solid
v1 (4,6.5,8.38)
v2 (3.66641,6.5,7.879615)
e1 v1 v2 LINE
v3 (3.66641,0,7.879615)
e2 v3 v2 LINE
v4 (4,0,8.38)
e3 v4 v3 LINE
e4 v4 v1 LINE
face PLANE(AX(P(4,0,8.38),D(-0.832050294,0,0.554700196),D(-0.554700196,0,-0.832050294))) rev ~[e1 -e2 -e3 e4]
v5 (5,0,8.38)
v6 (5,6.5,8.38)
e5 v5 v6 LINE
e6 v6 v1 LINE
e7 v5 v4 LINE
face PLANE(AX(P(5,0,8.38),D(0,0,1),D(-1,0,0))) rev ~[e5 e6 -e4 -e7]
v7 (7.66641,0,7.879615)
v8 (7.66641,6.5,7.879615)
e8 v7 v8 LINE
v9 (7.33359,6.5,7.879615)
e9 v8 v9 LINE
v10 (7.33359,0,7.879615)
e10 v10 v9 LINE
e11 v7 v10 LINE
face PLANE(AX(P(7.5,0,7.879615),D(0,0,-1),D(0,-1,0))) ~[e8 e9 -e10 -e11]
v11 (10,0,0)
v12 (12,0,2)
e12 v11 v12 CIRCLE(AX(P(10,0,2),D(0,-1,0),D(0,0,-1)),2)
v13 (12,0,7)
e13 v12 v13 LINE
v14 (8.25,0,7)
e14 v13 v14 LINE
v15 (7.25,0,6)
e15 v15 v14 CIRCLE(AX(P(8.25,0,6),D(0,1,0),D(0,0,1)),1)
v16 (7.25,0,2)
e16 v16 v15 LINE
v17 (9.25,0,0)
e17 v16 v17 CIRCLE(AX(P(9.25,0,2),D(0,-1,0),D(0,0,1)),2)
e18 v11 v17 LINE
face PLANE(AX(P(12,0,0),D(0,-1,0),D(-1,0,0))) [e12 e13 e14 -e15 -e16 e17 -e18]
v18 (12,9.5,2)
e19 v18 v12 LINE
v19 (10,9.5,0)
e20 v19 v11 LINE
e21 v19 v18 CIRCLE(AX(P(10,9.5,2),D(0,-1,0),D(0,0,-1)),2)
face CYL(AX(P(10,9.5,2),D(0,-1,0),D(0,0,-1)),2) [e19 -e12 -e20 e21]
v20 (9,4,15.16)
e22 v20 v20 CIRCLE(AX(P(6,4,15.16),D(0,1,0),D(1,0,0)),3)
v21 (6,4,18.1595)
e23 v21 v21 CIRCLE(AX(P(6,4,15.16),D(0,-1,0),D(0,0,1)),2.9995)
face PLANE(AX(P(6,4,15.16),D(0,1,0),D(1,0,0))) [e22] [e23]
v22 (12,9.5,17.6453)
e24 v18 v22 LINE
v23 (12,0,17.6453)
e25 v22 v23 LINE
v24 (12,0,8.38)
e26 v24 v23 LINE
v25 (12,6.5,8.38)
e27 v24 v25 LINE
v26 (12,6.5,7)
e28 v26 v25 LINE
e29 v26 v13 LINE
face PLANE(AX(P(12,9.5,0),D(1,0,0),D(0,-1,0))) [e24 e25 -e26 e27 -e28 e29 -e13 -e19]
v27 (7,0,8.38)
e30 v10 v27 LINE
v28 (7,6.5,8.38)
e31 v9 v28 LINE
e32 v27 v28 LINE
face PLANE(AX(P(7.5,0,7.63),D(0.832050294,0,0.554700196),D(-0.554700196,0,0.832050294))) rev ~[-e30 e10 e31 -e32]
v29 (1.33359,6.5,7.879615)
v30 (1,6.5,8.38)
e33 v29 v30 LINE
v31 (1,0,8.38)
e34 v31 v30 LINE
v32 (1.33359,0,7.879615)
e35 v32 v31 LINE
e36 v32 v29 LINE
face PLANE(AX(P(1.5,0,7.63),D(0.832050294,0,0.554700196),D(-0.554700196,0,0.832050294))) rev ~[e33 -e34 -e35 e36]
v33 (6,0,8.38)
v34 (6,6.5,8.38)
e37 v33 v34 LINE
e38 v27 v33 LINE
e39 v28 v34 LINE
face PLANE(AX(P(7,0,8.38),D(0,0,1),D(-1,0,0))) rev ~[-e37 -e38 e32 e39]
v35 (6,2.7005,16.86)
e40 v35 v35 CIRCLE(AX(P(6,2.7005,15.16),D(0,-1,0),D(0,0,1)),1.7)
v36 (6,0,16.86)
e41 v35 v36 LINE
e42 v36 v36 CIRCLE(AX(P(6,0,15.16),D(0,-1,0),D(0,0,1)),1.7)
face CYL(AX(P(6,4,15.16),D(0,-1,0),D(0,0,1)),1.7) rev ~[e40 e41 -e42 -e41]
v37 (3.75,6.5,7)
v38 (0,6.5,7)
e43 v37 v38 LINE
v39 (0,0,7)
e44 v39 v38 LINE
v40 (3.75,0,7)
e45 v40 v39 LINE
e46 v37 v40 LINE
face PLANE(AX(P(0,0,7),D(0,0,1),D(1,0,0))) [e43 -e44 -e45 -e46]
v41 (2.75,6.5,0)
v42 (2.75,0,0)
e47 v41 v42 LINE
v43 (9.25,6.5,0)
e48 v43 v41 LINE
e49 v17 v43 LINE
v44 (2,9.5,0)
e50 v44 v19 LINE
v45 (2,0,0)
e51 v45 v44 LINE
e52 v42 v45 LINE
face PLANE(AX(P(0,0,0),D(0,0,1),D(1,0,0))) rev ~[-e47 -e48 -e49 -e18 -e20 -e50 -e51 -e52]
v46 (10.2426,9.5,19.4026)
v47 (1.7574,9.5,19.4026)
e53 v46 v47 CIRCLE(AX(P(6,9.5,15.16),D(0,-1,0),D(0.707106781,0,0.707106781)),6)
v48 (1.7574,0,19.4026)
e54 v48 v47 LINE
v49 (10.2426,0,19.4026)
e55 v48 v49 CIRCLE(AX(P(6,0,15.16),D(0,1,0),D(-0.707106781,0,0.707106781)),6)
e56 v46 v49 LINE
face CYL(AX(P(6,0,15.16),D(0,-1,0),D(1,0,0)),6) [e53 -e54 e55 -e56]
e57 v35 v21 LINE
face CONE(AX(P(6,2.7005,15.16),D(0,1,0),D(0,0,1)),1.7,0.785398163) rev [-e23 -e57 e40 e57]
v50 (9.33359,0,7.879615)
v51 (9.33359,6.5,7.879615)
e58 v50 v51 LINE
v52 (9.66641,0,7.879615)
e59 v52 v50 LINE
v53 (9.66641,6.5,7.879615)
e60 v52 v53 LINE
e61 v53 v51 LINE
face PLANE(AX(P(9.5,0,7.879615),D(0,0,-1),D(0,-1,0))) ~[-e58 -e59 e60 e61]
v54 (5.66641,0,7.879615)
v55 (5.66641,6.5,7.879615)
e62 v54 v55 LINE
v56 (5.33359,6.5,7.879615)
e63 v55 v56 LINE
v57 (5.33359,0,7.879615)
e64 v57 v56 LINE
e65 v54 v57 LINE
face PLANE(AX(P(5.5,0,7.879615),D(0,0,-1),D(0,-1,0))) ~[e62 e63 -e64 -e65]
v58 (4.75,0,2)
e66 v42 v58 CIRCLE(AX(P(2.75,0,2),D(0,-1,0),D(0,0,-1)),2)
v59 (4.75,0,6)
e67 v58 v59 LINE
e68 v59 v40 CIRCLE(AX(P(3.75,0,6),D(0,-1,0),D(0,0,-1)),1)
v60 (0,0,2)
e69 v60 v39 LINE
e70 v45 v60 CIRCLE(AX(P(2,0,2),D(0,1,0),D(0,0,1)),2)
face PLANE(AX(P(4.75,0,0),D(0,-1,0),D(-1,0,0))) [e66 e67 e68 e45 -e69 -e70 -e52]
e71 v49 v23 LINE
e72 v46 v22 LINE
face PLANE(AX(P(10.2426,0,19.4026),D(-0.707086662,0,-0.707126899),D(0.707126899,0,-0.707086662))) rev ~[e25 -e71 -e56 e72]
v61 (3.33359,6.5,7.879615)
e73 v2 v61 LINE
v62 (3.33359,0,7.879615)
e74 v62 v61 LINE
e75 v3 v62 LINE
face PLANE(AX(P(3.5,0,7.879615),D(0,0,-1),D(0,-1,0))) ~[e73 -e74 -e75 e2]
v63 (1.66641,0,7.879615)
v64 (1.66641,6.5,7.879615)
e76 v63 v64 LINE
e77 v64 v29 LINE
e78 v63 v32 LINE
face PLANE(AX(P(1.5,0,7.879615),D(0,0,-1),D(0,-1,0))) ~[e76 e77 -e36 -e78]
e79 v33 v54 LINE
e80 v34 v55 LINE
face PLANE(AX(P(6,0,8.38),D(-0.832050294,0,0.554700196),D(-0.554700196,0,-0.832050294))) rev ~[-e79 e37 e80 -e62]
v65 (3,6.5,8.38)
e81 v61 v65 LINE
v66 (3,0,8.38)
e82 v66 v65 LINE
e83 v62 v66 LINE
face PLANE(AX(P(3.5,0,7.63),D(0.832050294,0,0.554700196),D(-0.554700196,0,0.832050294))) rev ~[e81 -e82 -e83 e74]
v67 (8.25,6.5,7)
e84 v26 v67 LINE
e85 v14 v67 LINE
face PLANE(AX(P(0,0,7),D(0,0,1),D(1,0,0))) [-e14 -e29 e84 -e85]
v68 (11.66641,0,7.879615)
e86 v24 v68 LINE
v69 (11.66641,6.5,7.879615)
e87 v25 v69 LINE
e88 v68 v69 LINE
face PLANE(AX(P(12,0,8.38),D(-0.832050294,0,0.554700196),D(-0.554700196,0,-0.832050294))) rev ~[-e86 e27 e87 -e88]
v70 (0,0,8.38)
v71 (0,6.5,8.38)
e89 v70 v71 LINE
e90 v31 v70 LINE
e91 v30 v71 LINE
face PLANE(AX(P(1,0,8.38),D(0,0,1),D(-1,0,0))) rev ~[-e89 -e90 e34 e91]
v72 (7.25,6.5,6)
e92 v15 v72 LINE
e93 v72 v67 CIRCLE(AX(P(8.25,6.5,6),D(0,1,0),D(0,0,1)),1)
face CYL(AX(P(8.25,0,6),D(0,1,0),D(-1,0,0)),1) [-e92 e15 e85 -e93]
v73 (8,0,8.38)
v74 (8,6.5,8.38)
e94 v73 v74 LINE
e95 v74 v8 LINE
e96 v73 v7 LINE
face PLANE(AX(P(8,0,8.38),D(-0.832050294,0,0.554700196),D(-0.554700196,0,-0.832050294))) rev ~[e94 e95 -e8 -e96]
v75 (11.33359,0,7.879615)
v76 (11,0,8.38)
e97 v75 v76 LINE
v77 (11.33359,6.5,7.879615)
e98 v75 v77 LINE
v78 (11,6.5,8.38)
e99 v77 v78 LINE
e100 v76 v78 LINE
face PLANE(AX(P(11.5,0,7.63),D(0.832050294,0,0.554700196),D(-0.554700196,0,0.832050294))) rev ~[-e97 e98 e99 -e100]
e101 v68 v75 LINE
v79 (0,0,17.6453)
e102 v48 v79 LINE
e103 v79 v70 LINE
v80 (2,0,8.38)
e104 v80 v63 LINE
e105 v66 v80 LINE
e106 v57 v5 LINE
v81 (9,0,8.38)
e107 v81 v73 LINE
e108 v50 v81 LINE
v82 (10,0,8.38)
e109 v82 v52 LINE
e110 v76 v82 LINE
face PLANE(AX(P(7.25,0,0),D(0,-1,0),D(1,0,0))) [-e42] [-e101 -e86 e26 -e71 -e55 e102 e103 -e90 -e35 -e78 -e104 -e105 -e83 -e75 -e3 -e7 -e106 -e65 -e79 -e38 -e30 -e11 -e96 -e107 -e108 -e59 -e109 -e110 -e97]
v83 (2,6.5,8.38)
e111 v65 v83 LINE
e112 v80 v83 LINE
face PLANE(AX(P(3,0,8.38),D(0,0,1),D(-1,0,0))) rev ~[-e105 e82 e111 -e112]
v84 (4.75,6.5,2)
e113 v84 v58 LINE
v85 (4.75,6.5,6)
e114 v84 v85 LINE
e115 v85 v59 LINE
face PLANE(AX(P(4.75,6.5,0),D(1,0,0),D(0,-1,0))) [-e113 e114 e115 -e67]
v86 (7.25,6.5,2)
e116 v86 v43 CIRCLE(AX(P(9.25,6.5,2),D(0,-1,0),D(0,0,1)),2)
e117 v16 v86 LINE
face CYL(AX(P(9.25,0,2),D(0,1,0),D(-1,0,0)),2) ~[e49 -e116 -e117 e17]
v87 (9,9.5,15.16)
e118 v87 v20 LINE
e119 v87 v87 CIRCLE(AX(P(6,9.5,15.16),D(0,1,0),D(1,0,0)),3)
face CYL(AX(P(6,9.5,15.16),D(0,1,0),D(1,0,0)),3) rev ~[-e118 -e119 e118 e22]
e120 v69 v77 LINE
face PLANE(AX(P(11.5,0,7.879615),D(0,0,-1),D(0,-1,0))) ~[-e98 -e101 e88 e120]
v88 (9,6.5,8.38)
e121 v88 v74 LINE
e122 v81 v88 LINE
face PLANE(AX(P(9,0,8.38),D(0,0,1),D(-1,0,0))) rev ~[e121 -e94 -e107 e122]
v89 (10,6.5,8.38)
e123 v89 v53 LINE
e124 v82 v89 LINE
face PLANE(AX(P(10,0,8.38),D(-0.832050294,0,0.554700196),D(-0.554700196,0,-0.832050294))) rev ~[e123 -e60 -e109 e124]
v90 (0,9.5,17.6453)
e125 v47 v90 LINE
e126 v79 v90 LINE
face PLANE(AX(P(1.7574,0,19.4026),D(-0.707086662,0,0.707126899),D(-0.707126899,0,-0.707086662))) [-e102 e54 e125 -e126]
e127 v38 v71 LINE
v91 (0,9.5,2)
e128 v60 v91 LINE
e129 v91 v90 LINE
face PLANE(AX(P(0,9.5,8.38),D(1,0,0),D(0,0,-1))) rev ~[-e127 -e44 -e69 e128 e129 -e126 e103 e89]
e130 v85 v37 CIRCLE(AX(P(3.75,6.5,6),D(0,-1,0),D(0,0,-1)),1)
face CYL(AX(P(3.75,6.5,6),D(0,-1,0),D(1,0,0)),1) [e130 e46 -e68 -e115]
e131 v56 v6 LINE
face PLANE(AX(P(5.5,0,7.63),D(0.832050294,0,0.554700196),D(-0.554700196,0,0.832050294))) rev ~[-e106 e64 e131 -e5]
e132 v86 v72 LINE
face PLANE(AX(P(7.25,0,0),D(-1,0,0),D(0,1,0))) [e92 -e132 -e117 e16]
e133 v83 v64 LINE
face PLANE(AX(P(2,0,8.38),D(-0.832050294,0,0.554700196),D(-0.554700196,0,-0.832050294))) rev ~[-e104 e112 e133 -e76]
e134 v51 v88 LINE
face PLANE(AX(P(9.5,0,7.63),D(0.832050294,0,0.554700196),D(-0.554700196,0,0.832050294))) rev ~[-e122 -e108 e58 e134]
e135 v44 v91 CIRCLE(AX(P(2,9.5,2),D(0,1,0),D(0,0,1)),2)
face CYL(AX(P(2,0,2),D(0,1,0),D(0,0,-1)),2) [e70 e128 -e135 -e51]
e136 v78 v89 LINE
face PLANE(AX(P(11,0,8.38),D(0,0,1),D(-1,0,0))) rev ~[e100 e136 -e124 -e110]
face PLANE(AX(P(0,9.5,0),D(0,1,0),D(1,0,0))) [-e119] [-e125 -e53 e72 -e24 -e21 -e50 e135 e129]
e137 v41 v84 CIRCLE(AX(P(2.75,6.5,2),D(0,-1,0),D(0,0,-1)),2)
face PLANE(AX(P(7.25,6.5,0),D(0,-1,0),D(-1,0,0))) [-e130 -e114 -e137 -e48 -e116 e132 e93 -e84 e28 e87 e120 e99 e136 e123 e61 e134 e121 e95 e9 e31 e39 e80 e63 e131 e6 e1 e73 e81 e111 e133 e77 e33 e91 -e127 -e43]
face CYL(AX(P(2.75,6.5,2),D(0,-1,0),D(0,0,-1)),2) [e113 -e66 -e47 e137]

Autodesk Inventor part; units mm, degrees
ref_plane "YZ Plane" through (0, 0, 0) normal (1, 0, 0) x (0, 1, 0)
ref_plane "XZ Plane" through (0, 0, 0) normal (0, 1, 0) x (-1, 0, 0)
ref_plane "XY Plane" through (0, 0, 0) normal (0, 0, 1) x (1, 0, 0)
sketch "Sketch1" plane through (0, 0, 0) normal (0, 0, 1) x (1, 0, 0)
  line L0 (0, 0) -> (0, 9.5)
  line L1 (0, 9.5) -> (12, 9.5)
  line L2 (12, 9.5) -> (12, 0)
  line L3 (12, 0) -> (7.25, 0)
  line L4 (7.25, 0) -> (7.25, 6.5)
  line L5 (7.25, 6.5) -> (4.75, 6.5)
  line L6 (4.75, 6.5) -> (4.75, 0)
  line L7 (4.75, 0) -> (0, 0)
  line L8 (6, 6.5) -> (6, 0.5) construction
  dimension "d17" = 6.5
  dimension "d18" = 12
  dimension "d20" = 2.5
  dimension "d21" = 3
extrude "Extrusion1" add sketch "Sketch1" along normal blind 7
sketch "Sketch3" plane through (7.25, 0, 0) normal (0, -1, 0) x (1, 0, 0)
  line L0 (-2.5, 0) -> (0, 0) projected
  line L1 (0, 0) -> (0, 7) projected
  line L2 (-2.5, 7) -> (0, 7) projected
  line L3 (-2.5, 0) -> (-2.5, 7) projected
  line L4 (0, 0) -> (4.75, 0) projected
  line L5 (4.75, 0) -> (4.75, 7) projected
  line L6 (0, 7) -> (4.75, 7) projected
  line L7 (0, 0) -> (0, 7) projected
  line L8 (-7.25, 0) -> (-2.5, 0) projected
  line L9 (-2.5, 0) -> (-2.5, 7) projected
  line L10 (-7.25, 7) -> (-2.5, 7) projected
  line L11 (-7.25, 0) -> (-7.25, 7) projected
  line L12 (-7.25, 21.16) -> (4.75, 21.16)
  line L13 (4.75, 21.16) -> (4.75, 8.38)
  line L14 (4.75, 8.38) -> (-7.25, 8.38)
  line L15 (-7.25, 8.38) -> (-7.25, 21.16)
  line L16 (4.75, 8.38) -> (4.25, 7.63)
  line L17 (4.25, 7.63) -> (3.75, 8.38)
  line L18 (4.75, 0) -> (4.75, 7) projected
  line L19 (-7.25, 0) -> (-7.25, 7) projected
  line L20 (-1.25, 8.38) -> (-1.25, 21.16) construction
  line L21 (2.75, 8.38) -> (2.25, 7.63)
  line L22 (2.25, 7.63) -> (1.75, 8.38)
  line L23 (0.75, 8.38) -> (0.25, 7.63)
  line L24 (0.25, 7.63) -> (-0.25, 8.38)
  line L25 (-1.25, 8.38) -> (-1.75, 7.63)
  line L26 (-1.75, 7.63) -> (-2.25, 8.38)
  line L27 (-3.25, 8.38) -> (-3.75, 7.63)
  line L28 (-3.75, 7.63) -> (-4.25, 8.38)
  line L29 (-5.25, 8.38) -> (-5.75, 7.63)
  line L30 (-5.75, 7.63) -> (-6.25, 8.38)
  circle A0 centre (-1.25, 15.16) radius 6
  line L31 (-5.4926, 19.4026) -> (-7.25, 17.6453)
  line L32 (2.9926, 19.4026) -> (4.75, 17.6453)
  point P0 (-6.25, 8.38)
  point P1 (-5.25, 8.38)
  point P2 (-4.25, 8.38)
  point P3 (-3.25, 8.38)
  point P4 (-2.25, 8.38)
  point P5 (-1.25, 8.38)
  point P6 (-0.25, 8.38)
  point P7 (0.75, 8.38)
  point P8 (1.75, 8.38)
  dimension "d22" = 1.38
  dimension "d23" = 12.78
  dimension "d24" = 0.75
  dimension "d25" = 1
  dimension "d28" = 2
  dimension "d42" = 12
  dimension "d43" = 135
  dimension "d44" = 135
extrude "Extrusion2" add sketch "Sketch3" against normal up to surface (9.5 mm away) contours A0 | L31 A0 L15 | L32 L13 A0 | A0 L13 L14 L15 | L16 L17 L14 | L14 L29 L30 | L21 L22 L14 | L14 L27 L28 | L23 L24 L14 | L14 L25 L26
fillet "Fillet2" radius 1 2 edges at (4.75, 3.25, 7) (7.25, 3.25, 7)
fillet "Fillet3" radius 2 4 edges at (12, 4.75, 0) (0, 4.75, 0) (7.25, 3.25, 0) (4.75, 3.25, 0)
chamfer "Chamfer1" distance 0.3 angle 45 6 edges at (11.5, 4.75, 7.63) (9.5, 4.75, 7.63) (7.5, 4.75, 7.63) (5.5, 4.75, 7.63) (3.5, 4.75, 7.63) (1.5, 4.75, 7.63)
sketch "Sketch5" plane through (6, 9.5, 15.16) normal (0, 1, 0) x (1, 0, 0)
  line L0 (-4.6664, 7.2804) -> (-4.3336, 7.2804) projected
  line L1 (-5, 6.78) -> (-4.6664, 7.2804) projected
  line L2 (-6, 6.78) -> (-5, 6.78) projected
  line L3 (-6, -2.4853) -> (-6, 6.78) projected
  line L4 (-4.2426, -4.2426) -> (-6, -2.4853) projected
  arc A0 (-4.2426, -4.2426) -> (4.2426, -4.2426) centre (0, 0) ccw projected
  line L5 (6, -2.4853) -> (4.2426, -4.2426) projected
  line L6 (6, 6.78) -> (6, -2.4853) projected
  line L7 (5.6664, 7.2804) -> (6, 6.78) projected
  line L8 (5.3336, 7.2804) -> (5.6664, 7.2804) projected
  line L9 (5, 6.78) -> (5.3336, 7.2804) projected
  line L10 (4, 6.78) -> (5, 6.78) projected
  line L11 (3.6664, 7.2804) -> (4, 6.78) projected
  line L12 (3.3336, 7.2804) -> (3.6664, 7.2804) projected
  line L13 (3, 6.78) -> (3.3336, 7.2804) projected
  line L14 (2, 6.78) -> (3, 6.78) projected
  line L15 (1.6664, 7.2804) -> (2, 6.78) projected
  line L16 (1.3336, 7.2804) -> (1.6664, 7.2804) projected
  line L17 (1, 6.78) -> (1.3336, 7.2804) projected
  line L18 (0, 6.78) -> (1, 6.78) projected
  line L19 (-0.3336, 7.2804) -> (0, 6.78) projected
  line L20 (-0.6664, 7.2804) -> (-0.3336, 7.2804) projected
  line L21 (-1, 6.78) -> (-0.6664, 7.2804) projected
  line L22 (-2, 6.78) -> (-1, 6.78) projected
  line L23 (-2.3336, 7.2804) -> (-2, 6.78) projected
  line L24 (-2.6664, 7.2804) -> (-2.3336, 7.2804) projected
  line L25 (-3, 6.78) -> (-2.6664, 7.2804) projected
  line L26 (-4, 6.78) -> (-3, 6.78) projected
  line L27 (-4.3336, 7.2804) -> (-4, 6.78) projected
  arc A1 (-4, 15.16) -> (-6, 13.16) centre (-4, 13.16) ccw projected
  line L28 (-6, 13.16) -> (-6, 8.16) projected
  line L29 (6, 8.16) -> (-6, 8.16) projected
  line L30 (6, 13.16) -> (6, 8.16) projected
  arc A2 (6, 13.16) -> (4, 15.16) centre (4, 13.16) ccw projected
  line L31 (4, 15.16) -> (-4, 15.16) projected
  line L32 (-6, -2.4853) -> (-6, 6.78) projected
  line L33 (-6, 6.78) -> (-6, 11.1694)
  line L34 (6, 6.78) -> (6, 8.16)
  point P0 (-6, 15.16)
extrude "Extrusion4" add sketch "Sketch5" against normal up to surface (3 mm away)
sketch "Sketch7" plane through (6, 9.5, 15.16) normal (0, 1, 0) x (1, 0, 0)
  circle A0 centre (0, 0) radius 3
  arc A1 (-4.2426, -4.2426) -> (4.2426, -4.2426) centre (0, 0) ccw projected
  point P0 (-6, 15.16)
  dimension "d48" = 6
extrude "Extrusion5" cut sketch "Sketch7" against normal blind 5.5
sketch "Sketch8" plane through (6, 4, 15.16) normal (0, 1, 0) x (1, 0, 0)
  circle A0 centre (0, 0) radius 3 projected
  point P0 (-6, 15.16)
hole "Hole2" at (6, 4, 15.16) direction (0, -1, 0) diameter 3.4 end through all
chamfer "Chamfer2" distance 1.3 angle 45 1 edges at (6, 4, 13.46)
properties part number "Belt Clip"
